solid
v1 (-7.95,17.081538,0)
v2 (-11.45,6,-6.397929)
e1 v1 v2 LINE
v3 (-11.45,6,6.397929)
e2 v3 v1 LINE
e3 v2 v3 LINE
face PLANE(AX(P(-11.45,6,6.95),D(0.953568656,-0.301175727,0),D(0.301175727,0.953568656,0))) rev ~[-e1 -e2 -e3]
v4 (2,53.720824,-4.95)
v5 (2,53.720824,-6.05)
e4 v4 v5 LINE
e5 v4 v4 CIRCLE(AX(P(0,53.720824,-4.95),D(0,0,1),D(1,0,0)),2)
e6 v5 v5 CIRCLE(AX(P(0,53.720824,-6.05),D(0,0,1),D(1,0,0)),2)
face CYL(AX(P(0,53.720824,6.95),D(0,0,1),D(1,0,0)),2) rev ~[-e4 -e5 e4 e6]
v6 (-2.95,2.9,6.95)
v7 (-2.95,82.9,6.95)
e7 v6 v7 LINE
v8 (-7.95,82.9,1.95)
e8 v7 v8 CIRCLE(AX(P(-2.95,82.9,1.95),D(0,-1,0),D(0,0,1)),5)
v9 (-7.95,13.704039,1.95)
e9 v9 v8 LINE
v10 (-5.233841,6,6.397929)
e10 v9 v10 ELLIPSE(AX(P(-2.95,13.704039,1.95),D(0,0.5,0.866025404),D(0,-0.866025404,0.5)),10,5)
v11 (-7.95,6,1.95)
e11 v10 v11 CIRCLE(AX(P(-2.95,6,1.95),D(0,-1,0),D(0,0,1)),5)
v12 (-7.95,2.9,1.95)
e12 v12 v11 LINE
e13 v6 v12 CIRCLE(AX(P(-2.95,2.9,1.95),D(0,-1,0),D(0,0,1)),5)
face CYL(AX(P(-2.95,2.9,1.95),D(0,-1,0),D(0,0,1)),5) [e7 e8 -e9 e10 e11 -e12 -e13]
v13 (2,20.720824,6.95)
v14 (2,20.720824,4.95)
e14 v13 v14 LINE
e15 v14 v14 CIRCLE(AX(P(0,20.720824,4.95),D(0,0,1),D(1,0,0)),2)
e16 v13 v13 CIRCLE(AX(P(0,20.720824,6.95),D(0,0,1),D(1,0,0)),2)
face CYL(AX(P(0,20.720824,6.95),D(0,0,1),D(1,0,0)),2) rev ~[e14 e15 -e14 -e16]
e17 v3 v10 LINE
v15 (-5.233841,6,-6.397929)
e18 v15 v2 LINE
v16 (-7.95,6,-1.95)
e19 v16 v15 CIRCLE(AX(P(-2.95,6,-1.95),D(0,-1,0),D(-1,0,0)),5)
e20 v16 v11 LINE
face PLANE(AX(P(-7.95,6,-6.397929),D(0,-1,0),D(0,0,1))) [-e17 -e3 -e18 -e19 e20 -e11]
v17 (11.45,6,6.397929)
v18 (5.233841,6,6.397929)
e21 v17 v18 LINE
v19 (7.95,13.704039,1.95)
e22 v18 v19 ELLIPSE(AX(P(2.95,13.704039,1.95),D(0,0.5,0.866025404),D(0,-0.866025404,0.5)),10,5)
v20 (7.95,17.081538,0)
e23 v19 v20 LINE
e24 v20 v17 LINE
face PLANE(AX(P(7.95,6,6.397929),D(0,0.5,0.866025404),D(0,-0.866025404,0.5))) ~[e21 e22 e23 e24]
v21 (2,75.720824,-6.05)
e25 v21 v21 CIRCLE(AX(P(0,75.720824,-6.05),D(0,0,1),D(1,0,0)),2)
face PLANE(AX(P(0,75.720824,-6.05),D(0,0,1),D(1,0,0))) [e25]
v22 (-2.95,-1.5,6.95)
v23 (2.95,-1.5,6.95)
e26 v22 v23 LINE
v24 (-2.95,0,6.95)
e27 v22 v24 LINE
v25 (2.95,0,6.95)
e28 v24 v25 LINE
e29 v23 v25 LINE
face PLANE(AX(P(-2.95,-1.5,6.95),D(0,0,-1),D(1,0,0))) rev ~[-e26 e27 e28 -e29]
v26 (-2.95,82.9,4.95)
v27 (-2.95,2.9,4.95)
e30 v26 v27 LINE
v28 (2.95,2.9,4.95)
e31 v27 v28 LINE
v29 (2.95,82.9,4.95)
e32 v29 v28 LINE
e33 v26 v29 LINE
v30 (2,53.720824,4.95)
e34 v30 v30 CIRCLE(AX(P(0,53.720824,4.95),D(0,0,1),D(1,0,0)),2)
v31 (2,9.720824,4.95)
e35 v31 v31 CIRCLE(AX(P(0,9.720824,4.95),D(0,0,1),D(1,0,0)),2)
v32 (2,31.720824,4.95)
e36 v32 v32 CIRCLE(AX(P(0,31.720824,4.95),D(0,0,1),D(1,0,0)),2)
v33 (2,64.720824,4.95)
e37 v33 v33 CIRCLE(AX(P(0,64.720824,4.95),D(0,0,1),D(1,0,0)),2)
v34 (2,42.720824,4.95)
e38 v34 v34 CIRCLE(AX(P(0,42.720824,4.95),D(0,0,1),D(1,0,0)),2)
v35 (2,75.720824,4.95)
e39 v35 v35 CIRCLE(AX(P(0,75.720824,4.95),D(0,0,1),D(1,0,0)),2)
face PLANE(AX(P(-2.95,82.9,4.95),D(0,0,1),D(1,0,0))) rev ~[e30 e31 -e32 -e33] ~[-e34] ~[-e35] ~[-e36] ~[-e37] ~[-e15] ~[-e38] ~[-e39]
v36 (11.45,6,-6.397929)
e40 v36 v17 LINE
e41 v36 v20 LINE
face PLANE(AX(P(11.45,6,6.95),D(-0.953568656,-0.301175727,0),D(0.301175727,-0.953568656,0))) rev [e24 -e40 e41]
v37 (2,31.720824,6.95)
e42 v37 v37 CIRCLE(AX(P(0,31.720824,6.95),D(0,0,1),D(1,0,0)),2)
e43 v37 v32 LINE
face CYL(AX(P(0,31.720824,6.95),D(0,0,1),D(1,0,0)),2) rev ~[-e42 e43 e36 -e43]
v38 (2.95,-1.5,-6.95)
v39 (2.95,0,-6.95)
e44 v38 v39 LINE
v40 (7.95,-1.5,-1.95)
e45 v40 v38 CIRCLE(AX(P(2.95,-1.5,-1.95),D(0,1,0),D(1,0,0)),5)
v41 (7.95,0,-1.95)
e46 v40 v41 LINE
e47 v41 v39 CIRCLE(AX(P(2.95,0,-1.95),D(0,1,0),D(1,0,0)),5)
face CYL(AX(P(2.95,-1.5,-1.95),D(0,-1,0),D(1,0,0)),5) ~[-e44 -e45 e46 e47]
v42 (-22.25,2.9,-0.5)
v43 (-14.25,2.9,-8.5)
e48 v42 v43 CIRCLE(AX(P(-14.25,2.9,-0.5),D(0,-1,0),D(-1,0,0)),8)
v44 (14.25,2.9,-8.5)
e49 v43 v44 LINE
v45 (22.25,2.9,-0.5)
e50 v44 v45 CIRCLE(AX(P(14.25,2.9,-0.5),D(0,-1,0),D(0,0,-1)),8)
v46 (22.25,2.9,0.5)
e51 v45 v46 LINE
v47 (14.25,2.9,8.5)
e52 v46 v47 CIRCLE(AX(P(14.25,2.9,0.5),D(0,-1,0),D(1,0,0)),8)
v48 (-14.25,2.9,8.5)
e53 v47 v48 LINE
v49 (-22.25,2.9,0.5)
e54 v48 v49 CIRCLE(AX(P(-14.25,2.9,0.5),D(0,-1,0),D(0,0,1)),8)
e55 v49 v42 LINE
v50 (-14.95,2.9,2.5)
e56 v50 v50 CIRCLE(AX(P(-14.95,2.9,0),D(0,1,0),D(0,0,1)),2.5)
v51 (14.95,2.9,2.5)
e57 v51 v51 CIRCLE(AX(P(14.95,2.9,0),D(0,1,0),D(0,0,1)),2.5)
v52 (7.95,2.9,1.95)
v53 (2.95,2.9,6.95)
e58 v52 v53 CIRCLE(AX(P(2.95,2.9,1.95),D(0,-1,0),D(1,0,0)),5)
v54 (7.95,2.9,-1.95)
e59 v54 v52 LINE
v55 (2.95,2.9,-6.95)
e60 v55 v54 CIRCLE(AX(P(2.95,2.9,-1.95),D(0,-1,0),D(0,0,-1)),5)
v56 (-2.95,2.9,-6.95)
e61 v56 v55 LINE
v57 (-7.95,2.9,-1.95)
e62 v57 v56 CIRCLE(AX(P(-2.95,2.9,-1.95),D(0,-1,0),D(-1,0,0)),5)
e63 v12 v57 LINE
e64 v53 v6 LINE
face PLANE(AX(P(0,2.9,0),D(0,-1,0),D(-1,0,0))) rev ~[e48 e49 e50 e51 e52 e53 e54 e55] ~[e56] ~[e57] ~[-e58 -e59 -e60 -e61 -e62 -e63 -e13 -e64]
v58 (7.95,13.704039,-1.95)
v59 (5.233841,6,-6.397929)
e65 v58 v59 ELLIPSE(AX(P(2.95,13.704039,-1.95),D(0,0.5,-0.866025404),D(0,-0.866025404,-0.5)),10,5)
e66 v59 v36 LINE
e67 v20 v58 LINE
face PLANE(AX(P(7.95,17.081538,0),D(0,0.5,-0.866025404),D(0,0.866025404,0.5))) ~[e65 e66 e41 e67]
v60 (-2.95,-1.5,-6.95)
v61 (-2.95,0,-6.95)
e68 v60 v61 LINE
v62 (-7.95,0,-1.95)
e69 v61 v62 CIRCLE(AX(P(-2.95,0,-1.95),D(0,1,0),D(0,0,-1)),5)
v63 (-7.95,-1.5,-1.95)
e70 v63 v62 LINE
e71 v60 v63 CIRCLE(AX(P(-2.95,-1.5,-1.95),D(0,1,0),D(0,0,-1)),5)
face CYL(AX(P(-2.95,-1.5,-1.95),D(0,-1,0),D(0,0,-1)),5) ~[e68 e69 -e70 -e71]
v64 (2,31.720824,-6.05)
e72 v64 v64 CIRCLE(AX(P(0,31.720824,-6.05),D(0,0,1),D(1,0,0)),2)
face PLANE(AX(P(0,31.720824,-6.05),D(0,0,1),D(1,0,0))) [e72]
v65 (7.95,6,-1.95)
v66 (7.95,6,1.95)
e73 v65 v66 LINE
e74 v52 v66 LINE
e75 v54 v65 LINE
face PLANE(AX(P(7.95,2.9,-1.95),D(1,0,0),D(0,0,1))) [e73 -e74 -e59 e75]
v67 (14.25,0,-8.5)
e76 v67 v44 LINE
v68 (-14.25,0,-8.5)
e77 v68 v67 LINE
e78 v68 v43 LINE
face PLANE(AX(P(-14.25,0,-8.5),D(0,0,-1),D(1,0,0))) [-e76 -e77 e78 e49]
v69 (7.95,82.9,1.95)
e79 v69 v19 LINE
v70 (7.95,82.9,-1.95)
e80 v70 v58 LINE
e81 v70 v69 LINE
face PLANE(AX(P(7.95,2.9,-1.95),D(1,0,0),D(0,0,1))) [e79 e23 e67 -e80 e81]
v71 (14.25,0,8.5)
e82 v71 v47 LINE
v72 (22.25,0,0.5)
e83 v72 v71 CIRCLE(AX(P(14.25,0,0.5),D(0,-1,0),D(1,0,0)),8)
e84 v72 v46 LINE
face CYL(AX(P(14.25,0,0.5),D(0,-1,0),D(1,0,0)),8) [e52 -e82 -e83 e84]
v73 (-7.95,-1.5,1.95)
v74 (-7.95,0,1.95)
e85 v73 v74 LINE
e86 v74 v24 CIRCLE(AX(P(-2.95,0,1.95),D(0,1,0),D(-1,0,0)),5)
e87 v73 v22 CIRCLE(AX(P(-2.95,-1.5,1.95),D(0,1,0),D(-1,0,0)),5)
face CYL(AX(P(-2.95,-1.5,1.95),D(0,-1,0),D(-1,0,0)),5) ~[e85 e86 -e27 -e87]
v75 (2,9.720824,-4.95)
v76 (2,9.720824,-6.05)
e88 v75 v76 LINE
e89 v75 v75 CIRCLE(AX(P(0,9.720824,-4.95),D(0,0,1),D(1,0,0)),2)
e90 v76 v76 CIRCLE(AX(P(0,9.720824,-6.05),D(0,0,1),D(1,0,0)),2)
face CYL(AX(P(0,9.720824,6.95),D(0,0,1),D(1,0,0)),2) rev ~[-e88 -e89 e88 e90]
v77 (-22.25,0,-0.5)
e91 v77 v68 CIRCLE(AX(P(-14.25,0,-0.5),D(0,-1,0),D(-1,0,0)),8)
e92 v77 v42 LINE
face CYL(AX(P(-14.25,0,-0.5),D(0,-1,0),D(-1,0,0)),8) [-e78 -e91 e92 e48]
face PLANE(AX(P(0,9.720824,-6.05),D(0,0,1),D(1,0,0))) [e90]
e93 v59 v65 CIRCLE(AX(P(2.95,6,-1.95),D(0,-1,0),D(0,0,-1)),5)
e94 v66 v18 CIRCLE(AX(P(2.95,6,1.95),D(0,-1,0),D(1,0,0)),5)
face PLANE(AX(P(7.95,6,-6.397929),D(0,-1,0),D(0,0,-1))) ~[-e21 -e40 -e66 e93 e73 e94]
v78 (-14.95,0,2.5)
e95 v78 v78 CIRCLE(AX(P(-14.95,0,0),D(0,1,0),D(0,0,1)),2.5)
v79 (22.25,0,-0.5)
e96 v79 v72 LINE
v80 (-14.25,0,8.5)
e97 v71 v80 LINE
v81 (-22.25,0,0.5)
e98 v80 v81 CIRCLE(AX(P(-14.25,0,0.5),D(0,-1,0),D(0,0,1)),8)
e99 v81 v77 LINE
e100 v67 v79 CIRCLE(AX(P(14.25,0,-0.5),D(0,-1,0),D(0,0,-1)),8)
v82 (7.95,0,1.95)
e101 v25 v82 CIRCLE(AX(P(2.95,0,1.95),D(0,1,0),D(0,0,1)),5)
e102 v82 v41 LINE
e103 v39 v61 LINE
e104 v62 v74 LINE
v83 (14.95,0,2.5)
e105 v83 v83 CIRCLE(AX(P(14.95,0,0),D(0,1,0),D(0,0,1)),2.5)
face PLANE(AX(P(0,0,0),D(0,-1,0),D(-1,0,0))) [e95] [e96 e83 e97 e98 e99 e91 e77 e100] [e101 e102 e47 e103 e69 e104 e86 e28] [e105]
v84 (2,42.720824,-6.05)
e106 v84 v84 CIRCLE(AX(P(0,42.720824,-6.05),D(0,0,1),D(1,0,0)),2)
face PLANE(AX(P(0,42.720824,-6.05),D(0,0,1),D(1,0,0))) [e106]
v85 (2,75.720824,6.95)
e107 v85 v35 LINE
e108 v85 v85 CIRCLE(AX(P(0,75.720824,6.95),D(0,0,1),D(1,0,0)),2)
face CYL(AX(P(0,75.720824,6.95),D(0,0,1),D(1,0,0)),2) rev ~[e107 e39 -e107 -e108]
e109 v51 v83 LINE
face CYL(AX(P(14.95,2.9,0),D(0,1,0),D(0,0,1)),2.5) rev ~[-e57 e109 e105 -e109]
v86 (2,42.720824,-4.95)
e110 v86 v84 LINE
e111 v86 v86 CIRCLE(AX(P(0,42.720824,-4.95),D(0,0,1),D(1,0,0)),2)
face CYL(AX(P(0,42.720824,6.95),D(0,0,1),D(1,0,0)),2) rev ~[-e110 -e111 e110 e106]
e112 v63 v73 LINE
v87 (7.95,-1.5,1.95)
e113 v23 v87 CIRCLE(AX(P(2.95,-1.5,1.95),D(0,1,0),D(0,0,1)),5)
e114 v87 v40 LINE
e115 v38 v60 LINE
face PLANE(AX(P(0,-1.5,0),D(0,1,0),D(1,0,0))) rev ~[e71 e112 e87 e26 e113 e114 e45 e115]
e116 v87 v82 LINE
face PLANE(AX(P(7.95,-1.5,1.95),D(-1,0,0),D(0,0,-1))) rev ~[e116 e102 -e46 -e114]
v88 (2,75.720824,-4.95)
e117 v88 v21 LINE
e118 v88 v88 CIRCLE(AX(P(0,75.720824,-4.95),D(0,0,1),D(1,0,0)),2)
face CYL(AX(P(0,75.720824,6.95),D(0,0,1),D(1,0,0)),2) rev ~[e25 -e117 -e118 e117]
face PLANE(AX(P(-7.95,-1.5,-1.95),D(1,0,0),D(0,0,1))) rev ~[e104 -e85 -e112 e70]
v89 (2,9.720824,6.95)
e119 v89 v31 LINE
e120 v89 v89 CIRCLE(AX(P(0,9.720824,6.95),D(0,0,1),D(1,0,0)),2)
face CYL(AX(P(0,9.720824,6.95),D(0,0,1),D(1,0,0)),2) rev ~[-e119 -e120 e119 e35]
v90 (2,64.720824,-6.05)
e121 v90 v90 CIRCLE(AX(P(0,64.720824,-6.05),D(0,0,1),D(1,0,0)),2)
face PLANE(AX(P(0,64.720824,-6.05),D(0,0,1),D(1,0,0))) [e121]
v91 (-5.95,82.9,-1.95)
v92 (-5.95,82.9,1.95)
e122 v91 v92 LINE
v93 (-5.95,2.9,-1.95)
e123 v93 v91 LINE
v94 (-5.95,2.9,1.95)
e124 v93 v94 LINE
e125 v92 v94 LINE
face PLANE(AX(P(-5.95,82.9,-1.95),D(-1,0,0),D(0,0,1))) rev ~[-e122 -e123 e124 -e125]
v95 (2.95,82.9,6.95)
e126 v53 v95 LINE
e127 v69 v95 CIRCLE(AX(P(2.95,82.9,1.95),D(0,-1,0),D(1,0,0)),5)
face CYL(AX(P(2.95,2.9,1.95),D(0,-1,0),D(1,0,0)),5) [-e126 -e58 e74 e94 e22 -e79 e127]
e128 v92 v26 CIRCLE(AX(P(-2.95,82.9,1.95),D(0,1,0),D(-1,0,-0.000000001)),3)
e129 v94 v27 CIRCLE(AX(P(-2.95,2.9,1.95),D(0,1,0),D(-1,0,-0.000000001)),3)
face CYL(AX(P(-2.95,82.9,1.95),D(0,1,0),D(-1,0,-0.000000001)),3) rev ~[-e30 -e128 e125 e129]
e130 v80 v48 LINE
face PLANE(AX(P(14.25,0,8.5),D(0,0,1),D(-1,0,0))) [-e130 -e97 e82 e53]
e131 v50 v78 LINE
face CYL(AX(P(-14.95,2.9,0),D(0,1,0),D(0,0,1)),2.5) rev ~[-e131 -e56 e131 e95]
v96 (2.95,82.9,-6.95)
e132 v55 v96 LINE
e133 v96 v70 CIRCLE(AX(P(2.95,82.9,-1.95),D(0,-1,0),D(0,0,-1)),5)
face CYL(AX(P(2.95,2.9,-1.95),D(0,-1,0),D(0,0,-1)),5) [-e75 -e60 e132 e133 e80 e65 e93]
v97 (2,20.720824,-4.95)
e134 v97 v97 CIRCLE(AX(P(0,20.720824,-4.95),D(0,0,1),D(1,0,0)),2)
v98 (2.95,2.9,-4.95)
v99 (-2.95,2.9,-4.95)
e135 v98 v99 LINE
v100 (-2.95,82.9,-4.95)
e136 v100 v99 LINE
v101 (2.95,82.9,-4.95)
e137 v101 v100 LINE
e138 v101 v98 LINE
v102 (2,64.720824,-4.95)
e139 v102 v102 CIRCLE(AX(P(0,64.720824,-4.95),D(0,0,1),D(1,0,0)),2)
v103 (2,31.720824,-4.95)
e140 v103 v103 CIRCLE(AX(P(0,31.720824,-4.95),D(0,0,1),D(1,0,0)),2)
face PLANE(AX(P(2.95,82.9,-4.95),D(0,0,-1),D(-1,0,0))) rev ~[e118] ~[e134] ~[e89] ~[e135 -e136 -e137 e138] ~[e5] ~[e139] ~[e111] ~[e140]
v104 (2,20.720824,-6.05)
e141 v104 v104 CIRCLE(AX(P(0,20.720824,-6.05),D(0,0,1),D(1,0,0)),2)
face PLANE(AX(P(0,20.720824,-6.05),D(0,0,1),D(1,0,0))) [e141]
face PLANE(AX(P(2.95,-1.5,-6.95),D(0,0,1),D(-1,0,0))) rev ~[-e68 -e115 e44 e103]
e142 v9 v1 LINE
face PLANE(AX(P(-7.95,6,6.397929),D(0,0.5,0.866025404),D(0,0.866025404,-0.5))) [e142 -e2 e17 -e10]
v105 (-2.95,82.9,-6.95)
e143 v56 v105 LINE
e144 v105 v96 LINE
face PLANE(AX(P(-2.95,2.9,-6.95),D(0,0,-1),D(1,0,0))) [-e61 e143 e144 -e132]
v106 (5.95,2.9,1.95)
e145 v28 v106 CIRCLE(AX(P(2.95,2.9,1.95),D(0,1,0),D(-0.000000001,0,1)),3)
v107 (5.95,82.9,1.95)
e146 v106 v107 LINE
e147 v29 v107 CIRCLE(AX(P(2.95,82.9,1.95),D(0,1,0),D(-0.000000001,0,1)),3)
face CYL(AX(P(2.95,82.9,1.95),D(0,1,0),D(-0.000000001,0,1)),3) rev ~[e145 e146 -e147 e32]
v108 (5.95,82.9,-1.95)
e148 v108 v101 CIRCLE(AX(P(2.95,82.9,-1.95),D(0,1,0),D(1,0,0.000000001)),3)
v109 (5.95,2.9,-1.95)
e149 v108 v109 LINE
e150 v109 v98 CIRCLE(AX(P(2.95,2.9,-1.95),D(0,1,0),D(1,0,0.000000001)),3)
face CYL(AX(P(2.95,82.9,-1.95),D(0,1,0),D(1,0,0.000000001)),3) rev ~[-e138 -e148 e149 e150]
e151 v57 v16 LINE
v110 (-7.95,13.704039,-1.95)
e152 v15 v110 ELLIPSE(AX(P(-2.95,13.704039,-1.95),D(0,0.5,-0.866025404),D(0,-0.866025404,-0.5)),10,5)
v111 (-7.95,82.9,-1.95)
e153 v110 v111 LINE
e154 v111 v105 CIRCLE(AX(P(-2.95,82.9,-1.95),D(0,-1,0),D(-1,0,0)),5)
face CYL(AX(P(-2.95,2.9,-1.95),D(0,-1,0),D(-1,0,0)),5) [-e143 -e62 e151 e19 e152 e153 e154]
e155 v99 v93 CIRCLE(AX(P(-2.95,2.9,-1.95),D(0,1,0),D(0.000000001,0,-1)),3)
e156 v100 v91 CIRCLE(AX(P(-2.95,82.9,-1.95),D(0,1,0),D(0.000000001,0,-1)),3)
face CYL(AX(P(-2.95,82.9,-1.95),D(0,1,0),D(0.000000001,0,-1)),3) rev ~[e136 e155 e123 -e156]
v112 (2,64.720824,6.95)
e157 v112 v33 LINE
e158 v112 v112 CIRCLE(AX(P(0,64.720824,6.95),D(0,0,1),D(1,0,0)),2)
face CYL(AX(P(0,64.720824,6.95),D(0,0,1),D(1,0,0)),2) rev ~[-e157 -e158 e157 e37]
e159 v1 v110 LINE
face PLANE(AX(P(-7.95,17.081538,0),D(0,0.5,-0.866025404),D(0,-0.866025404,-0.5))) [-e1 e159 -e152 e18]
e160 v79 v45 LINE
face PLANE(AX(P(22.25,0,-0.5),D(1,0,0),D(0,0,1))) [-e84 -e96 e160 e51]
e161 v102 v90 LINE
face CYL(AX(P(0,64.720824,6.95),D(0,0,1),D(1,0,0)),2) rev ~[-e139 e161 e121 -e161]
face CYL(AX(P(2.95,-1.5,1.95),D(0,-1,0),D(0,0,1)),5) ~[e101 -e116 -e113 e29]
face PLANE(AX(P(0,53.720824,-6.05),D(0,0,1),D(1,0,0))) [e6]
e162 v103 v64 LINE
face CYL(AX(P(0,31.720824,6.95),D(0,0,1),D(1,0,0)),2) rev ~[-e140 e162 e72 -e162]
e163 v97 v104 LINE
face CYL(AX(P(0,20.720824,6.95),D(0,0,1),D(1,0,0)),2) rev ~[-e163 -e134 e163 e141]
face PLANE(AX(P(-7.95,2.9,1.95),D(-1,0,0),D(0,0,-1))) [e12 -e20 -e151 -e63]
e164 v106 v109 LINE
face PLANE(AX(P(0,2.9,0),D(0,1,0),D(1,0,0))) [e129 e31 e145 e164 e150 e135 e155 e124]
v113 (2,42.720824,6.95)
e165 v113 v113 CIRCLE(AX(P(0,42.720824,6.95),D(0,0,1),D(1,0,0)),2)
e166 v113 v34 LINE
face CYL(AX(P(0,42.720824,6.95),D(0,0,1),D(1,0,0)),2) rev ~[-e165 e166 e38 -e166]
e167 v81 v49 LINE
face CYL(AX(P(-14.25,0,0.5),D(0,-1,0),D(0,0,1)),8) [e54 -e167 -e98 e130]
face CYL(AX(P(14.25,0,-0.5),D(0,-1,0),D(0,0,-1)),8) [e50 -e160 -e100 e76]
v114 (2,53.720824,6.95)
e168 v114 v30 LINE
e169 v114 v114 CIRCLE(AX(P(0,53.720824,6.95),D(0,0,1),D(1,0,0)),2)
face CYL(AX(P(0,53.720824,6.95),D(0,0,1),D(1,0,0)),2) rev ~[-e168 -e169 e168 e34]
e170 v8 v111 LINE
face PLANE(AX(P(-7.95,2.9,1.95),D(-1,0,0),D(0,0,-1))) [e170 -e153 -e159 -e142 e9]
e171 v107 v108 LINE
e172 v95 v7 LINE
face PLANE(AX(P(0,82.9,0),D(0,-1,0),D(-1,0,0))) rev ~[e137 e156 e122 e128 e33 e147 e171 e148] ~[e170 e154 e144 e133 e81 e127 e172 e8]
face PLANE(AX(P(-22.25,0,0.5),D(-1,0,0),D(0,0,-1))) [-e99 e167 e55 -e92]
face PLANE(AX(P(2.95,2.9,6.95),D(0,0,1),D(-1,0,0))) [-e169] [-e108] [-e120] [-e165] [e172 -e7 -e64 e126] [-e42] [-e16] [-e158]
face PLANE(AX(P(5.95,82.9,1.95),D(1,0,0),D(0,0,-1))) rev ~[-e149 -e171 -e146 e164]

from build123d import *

# Parameters (mm, degrees)
EXTRUDE_1_DEPTH     = 2.9
EXTRUDE_2_DEPTH     = 80
CUT_EXTRUDE_1_DEPTH = 80
SKETCH_5_R          = 2.5
CUT_EXTRUDE_2_DEPTH = 80
EXTRUDE_START       = 1.5
EXTRUDE_3_DEPTH     = 1.5
SKETCH_8_R          = 2
CUT_EXTRUDE_3_DEPTH = 13
EXTRUDE_4_DEPTH     = 3.5
CUT_EXTRUDE_4_DEPTH = 50
CUT_EXTRUDE_5_DEPTH = 80


with BuildPart() as part:
    # 草图1 → 凸台-拉伸1 (new body)
    with BuildSketch(Plane(origin=(0, 0, 0), x_dir=(1, 0, 0), z_dir=(0, 1, 0))):
        with BuildLine():
            Line((-14.25, 8.5), (14.25, 8.5))
            ThreePointArc((14.25, 8.5), (19.906854249, 6.156854249), (22.25, 0.5))
            Line((22.25, 0.5), (22.25, -0.5))
            ThreePointArc((22.25, -0.5), (19.906854249, -6.156854249), (14.25, -8.5))
            Line((14.25, -8.5), (-14.25, -8.5))
            ThreePointArc((-14.25, -8.5), (-19.906854249, -6.156854249), (-22.25, -0.5))
            Line((-22.25, -0.5), (-22.25, 0.5))
            ThreePointArc((-22.25, 0.5), (-19.906854249, 6.156854249), (-14.25, 8.5))
        make_face()
    extrude(amount=EXTRUDE_1_DEPTH)

    # 草图3 → 凸台-拉伸2 (add)
    with BuildSketch(Plane(origin=(0, 2.9, 0), x_dir=(1, 0, 0), z_dir=(0, 1, 0))):
        with BuildLine():
            Line((-2.95, 6.95), (2.95, 6.95))
            ThreePointArc((2.95, 6.95), (6.485533906, 5.485533906), (7.95, 1.95))
            Line((7.95, 1.95), (7.95, -1.95))
            ThreePointArc((7.95, -1.95), (6.485533906, -5.485533906), (2.95, -6.95))
            Line((2.95, -6.95), (-2.95, -6.95))
            ThreePointArc((-2.95, -6.95), (-6.485533906, -5.485533906), (-7.95, -1.95))
            Line((-7.95, -1.95), (-7.95, 1.95))
            ThreePointArc((-7.95, 1.95), (-6.485533906, 5.485533906), (-2.95, 6.95))
        make_face()
    extrude(amount=EXTRUDE_2_DEPTH)

    # 草图4 → 切除-拉伸1 (cut)
    with BuildSketch(Plane(origin=(0, 82.9, 0), x_dir=(1, 0, 0), z_dir=(0, 1, 0))):
        with BuildLine():
            Line((5.95, -1.95), (5.95, 1.95))
            ThreePointArc((5.95, 1.95), (5.071320344, 4.071320344), (2.95, 4.95))
            Line((2.95, 4.95), (-2.95, 4.95))
            ThreePointArc((-2.95, 4.95), (-5.071320344, 4.071320344), (-5.95, 1.95))
            Line((-5.95, 1.95), (-5.95, -1.95))
            ThreePointArc((-5.95, -1.95), (-5.071320344, -4.071320344), (-2.95, -4.95))
            Line((-2.95, -4.95), (2.95, -4.95))
            ThreePointArc((2.95, -4.95), (5.071320344, -4.071320344), (5.95, -1.95))
        make_face()
    extrude(amount=-CUT_EXTRUDE_1_DEPTH, mode=Mode.SUBTRACT)

    # 草图5 → 切除-拉伸2 (cut)
    with BuildSketch(Plane(origin=(0, 2.9, 0), x_dir=(1, 0, 0), z_dir=(0, 1, 0))):
        with Locations(Location((-14.95, 0, 0), (0, 0, 270))):
            Circle(SKETCH_5_R)
        with Locations(Location((14.95, 0, 0), (0, 0, 270))):
            Circle(SKETCH_5_R)
    extrude(amount=-CUT_EXTRUDE_2_DEPTH, mode=Mode.SUBTRACT)

    # 草图7 → 凸台-拉伸3 (add)
    with BuildSketch(Plane(origin=(0, 0, 0), x_dir=(-1, 0, 0), z_dir=(0, -1, 0)).offset(EXTRUDE_START)):
        with BuildLine():
            Line((2.95, -6.95), (-2.95, -6.95))
            ThreePointArc((-2.95, -6.95), (-6.485533906, -5.485533906), (-7.95, -1.95))
            Line((-7.95, -1.95), (-7.95, 1.95))
            ThreePointArc((-7.95, 1.95), (-6.485533906, 5.485533906), (-2.95, 6.95))
            Line((-2.95, 6.95), (2.95, 6.95))
            ThreePointArc((2.95, 6.95), (6.485533906, 5.485533906), (7.95, 1.95))
            Line((7.95, 1.95), (7.95, -1.95))
            ThreePointArc((7.95, -1.95), (6.485533906, -5.485533906), (2.95, -6.95))
        make_face()
    extrude(amount=-EXTRUDE_3_DEPTH)

    # 草图8 → 切除-拉伸3 (cut)
    with BuildSketch(Plane.XY.offset(6.95)):
        with Locations((0, 75.720823604)):
            Circle(SKETCH_8_R)
        with Locations((0, 64.720823604)):
            Circle(SKETCH_8_R)
        with Locations((0, 53.720823604)):
            Circle(SKETCH_8_R)
        with Locations((0, 42.720823604)):
            Circle(SKETCH_8_R)
        with Locations((0, 31.720823604)):
            Circle(SKETCH_8_R)
        with Locations((0, 20.720823604)):
            Circle(SKETCH_8_R)
        with Locations((0, 9.720823604)):
            Circle(SKETCH_8_R)
    extrude(amount=-CUT_EXTRUDE_3_DEPTH, mode=Mode.SUBTRACT)

    # 草图9 → 凸台-拉伸4 (add, symmetric)
    with BuildSketch(Plane.ZY.offset(7.95)):
        Polygon((0, 17.081538124), (-6.397929019, 6), (6.397929019, 6), align=None)
    extrude_4 = extrude(amount=EXTRUDE_4_DEPTH, both=True)

    # 草图10 → 切除-拉伸4 (cut)
    with BuildSketch(Plane.XY.offset(6.95)):
        Polygon((-11.45, 6), (-7.95, 17.081538124), (-15.556844876, 23.601808742), align=None)
    cut_extrude_4 = extrude(amount=-CUT_EXTRUDE_4_DEPTH, mode=Mode.SUBTRACT)

    # 草图12 → 切除-拉伸5 (cut)
    with BuildSketch(Plane(origin=(0, 82.9, 0), x_dir=(1, 0, 0), z_dir=(0, 1, 0))):
        with BuildLine():
            Line((-2.95, -4.95), (2.95, -4.95))
            ThreePointArc((2.95, -4.95), (5.071320344, -4.071320344), (5.95, -1.95))
            Line((5.95, -1.95), (5.95, 1.95))
            ThreePointArc((5.95, 1.95), (5.071320344, 4.071320344), (2.95, 4.95))
            Line((2.95, 4.95), (-2.95, 4.95))
            ThreePointArc((-2.95, 4.95), (-5.071320344, 4.071320344), (-5.95, 1.95))
            Line((-5.95, 1.95), (-5.95, -1.95))
            ThreePointArc((-5.95, -1.95), (-5.071320344, -4.071320344), (-2.95, -4.95))
        make_face()
    cut_extrude_5 = extrude(amount=-CUT_EXTRUDE_5_DEPTH, mode=Mode.SUBTRACT)

    # 镜向2: 凸台-拉伸4 across plane
    add(extrude_4.mirror(Plane(origin=(0, 0, 0), x_dir=(0, 0, 1), z_dir=(1, 0, 0))))

    # 镜向3: 切除-拉伸4, 切除-拉伸5 across plane
    add(cut_extrude_4.mirror(Plane(origin=(0, 0, 0), x_dir=(0, 0, 1), z_dir=(1, 0, 0))), mode=Mode.SUBTRACT)
    add(cut_extrude_5.mirror(Plane(origin=(0, 0, 0), x_dir=(0, 0, 1), z_dir=(1, 0, 0))), mode=Mode.SUBTRACT)


solid = part.part
